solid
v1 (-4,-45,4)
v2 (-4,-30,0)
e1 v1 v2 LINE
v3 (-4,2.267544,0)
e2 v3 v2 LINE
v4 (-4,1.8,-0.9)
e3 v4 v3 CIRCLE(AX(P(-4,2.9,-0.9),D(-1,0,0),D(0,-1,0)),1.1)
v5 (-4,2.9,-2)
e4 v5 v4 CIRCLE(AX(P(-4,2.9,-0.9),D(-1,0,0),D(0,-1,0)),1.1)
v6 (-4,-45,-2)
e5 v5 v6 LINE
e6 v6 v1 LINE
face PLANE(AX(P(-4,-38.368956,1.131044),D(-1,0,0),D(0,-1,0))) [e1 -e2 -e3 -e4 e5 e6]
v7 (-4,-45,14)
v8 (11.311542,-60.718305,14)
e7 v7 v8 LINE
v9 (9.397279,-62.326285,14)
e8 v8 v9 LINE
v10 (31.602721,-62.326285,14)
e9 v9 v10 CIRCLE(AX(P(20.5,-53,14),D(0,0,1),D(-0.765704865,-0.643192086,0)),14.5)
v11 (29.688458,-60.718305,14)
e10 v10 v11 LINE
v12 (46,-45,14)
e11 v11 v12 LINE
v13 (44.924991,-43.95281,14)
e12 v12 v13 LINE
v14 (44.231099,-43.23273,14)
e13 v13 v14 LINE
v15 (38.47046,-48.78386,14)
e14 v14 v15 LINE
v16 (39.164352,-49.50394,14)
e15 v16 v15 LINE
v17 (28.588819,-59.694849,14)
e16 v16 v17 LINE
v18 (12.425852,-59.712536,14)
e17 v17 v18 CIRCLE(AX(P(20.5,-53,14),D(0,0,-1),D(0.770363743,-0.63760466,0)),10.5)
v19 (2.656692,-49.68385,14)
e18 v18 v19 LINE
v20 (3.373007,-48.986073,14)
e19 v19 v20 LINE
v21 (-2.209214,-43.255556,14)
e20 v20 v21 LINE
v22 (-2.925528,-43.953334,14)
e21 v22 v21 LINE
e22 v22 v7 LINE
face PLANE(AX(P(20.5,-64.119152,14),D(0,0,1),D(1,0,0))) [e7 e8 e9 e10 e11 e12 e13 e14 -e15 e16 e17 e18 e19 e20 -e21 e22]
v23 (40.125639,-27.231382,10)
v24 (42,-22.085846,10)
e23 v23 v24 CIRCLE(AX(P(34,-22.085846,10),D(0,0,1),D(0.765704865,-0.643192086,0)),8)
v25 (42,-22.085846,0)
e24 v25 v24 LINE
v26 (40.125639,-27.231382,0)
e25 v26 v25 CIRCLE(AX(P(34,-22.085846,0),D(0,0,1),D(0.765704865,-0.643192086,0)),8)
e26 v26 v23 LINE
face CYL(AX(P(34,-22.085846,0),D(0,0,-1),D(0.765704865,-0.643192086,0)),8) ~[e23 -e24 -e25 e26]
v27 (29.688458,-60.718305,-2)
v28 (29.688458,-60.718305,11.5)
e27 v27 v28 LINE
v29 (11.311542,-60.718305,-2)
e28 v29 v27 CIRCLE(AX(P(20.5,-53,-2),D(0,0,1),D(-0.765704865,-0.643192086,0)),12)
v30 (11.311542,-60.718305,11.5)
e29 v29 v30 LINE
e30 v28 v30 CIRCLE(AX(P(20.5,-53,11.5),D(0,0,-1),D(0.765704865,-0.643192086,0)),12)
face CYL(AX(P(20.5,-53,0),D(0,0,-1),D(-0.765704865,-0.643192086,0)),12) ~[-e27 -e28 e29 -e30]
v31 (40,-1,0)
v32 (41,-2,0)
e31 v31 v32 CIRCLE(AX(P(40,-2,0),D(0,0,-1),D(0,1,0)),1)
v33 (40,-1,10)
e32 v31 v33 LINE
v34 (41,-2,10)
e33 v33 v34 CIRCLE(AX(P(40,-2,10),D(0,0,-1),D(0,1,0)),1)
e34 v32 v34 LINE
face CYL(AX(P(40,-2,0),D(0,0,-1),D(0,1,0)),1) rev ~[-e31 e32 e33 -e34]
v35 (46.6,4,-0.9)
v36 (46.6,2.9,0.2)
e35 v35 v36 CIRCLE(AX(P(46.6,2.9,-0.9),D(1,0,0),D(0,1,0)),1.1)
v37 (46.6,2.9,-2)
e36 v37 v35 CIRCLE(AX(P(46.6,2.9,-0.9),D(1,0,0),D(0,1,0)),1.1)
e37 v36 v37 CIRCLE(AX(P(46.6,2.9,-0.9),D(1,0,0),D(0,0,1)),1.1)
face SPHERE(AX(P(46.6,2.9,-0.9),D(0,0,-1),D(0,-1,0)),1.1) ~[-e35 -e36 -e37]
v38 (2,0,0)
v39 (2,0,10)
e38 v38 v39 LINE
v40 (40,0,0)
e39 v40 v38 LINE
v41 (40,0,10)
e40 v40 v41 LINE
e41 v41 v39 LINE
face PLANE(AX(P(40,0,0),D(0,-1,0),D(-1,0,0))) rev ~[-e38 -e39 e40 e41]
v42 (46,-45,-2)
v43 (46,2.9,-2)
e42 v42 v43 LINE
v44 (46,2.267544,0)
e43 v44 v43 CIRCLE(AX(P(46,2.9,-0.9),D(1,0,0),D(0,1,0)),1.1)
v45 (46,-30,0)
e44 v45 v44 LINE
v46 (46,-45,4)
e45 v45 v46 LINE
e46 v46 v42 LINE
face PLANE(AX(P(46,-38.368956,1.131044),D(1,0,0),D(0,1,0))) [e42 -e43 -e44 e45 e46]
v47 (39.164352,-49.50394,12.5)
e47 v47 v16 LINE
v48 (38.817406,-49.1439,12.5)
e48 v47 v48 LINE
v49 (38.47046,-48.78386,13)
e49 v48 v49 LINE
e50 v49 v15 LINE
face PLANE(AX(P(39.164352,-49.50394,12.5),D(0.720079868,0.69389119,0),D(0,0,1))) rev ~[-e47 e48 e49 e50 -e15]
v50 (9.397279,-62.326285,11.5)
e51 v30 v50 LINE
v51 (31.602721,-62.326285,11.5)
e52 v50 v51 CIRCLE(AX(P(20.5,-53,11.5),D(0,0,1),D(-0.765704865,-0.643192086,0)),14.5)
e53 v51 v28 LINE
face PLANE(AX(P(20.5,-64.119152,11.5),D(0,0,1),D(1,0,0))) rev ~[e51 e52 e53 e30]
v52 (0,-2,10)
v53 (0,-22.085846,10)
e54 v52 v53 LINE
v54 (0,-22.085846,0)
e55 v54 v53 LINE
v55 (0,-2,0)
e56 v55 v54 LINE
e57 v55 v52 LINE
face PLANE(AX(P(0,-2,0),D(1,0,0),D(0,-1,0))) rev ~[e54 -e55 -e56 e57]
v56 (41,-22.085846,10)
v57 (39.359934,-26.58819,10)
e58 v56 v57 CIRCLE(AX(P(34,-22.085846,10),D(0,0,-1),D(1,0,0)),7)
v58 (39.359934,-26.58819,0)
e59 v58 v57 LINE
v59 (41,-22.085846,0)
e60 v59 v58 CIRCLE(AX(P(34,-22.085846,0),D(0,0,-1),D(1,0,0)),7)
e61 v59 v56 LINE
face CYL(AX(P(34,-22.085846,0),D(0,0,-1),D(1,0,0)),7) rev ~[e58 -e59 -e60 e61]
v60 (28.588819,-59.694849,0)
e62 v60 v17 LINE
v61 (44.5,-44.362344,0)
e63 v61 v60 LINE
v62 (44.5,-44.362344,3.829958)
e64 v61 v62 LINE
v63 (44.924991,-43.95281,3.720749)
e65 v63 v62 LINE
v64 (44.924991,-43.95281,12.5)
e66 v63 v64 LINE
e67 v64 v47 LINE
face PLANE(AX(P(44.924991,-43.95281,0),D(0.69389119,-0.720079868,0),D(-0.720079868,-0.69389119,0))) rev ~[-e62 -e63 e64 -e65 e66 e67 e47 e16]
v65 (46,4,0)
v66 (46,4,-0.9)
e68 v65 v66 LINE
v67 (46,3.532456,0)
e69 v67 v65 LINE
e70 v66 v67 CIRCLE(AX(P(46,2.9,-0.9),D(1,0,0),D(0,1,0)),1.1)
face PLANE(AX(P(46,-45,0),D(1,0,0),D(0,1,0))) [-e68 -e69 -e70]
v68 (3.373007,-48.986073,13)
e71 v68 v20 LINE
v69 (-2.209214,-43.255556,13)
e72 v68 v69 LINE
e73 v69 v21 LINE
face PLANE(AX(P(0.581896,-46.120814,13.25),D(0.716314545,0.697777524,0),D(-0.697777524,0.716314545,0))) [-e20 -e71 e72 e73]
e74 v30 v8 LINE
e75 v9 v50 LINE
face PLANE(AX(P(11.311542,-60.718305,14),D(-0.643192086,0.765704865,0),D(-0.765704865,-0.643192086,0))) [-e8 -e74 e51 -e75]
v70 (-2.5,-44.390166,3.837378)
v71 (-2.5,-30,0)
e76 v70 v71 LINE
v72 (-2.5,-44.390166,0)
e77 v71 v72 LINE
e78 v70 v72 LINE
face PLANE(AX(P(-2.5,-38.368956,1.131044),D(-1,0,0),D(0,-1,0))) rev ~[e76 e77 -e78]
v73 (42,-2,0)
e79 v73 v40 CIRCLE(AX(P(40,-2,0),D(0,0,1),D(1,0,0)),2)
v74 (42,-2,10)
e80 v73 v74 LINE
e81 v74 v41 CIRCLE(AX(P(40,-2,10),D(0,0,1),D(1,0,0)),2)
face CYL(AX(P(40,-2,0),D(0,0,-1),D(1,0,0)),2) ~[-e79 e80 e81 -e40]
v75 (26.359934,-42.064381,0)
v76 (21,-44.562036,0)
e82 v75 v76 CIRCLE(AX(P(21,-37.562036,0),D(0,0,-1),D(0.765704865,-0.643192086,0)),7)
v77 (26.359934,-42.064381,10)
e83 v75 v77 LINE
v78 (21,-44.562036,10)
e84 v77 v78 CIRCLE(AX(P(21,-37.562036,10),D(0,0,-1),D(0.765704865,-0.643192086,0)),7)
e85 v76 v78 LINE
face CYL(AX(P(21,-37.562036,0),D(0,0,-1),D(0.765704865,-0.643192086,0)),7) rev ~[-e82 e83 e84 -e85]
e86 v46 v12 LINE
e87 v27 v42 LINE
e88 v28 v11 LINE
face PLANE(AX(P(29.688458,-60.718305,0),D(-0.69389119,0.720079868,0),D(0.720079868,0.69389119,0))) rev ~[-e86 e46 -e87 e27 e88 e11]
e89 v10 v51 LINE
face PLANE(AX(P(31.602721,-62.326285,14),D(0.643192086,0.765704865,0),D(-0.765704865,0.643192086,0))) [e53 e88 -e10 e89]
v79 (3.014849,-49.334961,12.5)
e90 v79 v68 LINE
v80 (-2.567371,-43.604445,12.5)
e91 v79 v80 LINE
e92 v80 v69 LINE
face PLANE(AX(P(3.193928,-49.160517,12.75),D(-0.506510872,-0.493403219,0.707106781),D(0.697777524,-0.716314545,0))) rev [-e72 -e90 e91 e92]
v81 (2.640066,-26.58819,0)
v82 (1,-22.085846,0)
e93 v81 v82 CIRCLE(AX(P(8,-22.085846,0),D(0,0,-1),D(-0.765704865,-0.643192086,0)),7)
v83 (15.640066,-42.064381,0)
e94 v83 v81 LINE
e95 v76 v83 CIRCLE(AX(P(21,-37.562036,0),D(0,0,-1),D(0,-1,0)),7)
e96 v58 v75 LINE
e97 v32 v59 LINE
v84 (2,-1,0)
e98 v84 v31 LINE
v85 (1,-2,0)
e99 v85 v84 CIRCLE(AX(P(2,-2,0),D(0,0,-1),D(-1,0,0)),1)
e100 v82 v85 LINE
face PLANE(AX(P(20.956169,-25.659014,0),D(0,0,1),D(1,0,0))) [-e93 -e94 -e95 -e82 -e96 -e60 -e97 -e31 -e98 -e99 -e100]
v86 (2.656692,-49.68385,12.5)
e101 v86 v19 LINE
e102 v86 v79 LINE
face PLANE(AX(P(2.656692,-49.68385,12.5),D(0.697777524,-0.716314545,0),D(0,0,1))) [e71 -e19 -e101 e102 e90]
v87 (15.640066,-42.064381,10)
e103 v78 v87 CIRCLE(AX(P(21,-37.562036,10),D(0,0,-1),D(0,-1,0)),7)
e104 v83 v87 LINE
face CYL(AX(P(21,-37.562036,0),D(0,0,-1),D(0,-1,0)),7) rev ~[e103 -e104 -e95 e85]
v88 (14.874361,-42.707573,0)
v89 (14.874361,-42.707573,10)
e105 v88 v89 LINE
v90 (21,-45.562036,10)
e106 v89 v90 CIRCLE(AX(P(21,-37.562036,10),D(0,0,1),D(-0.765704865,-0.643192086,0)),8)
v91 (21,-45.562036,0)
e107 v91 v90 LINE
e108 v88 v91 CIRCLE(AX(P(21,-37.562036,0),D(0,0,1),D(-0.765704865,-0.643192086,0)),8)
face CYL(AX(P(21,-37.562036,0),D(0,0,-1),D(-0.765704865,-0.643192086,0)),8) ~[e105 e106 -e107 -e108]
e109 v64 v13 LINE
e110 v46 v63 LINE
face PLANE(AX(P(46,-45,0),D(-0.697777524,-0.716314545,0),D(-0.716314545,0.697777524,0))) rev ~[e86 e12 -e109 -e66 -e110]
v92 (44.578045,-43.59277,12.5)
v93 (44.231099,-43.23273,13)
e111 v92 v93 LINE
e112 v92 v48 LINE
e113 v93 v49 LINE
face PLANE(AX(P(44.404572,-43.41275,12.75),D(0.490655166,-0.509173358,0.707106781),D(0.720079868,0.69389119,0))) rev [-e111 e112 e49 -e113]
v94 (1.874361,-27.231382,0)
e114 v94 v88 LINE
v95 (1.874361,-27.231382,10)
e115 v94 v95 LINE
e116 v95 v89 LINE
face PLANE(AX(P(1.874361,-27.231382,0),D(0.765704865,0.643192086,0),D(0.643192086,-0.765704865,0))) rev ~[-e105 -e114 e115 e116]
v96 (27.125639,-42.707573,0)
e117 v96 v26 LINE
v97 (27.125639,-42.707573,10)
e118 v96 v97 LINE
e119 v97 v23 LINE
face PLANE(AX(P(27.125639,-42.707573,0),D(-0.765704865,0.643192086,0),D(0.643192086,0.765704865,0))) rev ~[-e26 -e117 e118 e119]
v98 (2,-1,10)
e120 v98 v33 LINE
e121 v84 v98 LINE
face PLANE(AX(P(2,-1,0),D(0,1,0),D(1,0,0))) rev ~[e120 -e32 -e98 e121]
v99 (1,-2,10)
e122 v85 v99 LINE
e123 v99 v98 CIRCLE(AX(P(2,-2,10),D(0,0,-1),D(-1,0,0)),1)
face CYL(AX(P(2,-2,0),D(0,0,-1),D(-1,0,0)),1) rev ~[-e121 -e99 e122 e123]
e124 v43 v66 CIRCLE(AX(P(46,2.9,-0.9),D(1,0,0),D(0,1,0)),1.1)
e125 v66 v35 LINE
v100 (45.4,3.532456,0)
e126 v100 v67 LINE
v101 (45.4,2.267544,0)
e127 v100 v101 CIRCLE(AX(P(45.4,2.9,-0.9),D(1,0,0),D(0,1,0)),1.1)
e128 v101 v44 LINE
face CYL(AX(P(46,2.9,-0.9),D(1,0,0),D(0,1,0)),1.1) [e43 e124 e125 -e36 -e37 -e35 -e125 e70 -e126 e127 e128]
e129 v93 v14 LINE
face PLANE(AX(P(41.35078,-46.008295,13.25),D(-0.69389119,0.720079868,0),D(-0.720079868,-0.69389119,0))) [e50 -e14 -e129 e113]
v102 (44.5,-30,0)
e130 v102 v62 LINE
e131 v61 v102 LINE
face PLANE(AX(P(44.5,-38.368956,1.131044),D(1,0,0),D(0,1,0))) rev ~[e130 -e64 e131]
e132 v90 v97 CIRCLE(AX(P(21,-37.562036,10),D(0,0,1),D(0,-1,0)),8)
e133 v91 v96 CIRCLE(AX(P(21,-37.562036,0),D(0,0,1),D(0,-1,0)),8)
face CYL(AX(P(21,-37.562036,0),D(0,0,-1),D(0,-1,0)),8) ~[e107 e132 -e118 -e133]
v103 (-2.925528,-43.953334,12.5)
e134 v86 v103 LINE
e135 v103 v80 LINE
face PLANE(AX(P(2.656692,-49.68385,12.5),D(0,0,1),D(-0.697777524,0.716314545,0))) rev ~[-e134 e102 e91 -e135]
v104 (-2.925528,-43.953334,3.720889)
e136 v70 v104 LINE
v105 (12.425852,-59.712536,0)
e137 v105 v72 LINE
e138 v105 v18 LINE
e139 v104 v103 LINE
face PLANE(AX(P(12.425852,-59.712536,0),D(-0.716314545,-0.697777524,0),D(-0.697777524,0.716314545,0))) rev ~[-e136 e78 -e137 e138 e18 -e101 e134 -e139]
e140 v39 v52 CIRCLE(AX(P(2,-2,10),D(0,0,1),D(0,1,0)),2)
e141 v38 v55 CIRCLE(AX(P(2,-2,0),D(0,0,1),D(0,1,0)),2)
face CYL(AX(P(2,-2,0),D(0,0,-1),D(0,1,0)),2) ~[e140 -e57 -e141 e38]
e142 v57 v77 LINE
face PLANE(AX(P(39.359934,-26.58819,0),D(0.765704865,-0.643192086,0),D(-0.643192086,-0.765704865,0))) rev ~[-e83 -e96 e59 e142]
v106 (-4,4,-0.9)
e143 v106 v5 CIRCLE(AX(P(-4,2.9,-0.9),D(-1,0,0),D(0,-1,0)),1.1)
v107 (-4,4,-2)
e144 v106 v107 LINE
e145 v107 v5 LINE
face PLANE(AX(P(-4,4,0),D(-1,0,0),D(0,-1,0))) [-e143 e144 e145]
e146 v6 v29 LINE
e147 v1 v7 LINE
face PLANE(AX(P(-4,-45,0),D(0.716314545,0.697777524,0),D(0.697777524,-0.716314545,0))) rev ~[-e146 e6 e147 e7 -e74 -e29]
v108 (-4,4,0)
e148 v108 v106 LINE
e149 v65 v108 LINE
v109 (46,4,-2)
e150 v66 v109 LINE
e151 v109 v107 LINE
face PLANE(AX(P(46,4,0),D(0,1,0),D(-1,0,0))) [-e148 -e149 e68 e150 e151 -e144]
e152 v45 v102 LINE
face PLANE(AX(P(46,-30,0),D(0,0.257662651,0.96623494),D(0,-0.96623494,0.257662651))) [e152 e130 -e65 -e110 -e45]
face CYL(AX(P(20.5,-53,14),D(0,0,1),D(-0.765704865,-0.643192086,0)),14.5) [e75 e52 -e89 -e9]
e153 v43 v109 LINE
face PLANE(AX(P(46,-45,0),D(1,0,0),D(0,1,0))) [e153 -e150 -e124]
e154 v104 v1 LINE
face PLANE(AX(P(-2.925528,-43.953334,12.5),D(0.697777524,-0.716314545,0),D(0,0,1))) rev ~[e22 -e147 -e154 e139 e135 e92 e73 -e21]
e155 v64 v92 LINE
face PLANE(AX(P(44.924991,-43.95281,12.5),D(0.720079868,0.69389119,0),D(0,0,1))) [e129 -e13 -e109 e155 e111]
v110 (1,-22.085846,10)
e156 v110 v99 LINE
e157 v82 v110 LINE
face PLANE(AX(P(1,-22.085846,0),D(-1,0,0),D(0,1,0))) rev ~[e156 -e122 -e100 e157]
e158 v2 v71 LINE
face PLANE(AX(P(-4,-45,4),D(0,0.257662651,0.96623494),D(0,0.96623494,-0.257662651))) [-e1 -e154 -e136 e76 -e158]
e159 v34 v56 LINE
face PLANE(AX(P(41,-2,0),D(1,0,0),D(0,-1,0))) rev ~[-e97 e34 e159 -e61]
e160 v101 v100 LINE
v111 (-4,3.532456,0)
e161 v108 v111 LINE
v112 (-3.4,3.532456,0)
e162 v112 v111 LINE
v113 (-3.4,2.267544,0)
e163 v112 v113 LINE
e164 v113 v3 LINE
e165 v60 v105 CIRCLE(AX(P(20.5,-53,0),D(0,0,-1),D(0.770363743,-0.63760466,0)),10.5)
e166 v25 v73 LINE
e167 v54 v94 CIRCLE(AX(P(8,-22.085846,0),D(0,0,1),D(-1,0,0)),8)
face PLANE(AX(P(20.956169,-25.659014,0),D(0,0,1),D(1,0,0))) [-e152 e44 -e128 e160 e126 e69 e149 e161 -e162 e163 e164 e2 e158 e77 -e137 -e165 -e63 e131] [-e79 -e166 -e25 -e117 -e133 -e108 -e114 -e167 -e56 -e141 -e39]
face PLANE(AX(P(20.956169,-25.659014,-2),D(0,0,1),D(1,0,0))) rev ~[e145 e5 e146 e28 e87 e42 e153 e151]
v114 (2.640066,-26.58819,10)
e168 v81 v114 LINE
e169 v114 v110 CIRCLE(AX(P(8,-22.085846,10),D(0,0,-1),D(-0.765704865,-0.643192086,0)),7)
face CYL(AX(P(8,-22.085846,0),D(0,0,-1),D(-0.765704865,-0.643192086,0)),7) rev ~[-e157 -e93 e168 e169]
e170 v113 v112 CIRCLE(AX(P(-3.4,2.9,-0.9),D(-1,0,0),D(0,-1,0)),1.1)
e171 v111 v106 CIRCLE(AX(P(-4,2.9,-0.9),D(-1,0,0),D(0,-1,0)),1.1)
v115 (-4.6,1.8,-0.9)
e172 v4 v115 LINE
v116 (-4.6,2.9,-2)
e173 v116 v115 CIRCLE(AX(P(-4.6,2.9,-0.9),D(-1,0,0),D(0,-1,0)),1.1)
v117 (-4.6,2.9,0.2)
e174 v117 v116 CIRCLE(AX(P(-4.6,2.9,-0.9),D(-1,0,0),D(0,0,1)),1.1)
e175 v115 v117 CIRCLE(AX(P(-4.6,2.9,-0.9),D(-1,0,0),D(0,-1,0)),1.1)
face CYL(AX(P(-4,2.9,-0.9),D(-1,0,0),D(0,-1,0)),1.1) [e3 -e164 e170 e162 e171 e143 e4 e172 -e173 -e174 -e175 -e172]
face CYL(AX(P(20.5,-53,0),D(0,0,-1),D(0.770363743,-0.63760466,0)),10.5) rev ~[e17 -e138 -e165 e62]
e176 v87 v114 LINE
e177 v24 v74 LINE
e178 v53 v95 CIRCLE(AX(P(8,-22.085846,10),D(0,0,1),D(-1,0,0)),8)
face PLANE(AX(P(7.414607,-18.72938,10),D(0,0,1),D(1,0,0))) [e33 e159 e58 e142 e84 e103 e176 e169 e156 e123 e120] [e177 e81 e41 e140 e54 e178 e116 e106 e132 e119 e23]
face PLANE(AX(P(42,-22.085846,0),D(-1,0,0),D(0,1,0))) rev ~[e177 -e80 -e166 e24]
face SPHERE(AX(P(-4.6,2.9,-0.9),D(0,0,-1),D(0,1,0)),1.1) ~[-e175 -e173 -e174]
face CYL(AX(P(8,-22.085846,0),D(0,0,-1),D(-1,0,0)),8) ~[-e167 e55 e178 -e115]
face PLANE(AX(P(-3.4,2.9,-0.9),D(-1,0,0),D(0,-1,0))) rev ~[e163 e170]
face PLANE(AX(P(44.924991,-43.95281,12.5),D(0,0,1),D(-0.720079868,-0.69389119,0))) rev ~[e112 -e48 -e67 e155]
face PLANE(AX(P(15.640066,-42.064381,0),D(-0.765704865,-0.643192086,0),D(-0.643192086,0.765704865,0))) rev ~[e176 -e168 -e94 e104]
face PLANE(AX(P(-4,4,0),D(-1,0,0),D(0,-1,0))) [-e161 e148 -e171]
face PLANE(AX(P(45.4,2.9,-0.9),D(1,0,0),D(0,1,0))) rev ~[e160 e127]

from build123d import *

# Parameters (mm, degrees)
F1_DEPTH  = 10
F3_DEPTH  = 2
F4_R      = 1.1
F5_DEPTH  = 0.6
F6_R      = 1.1
F7_DEPTH  = 0.6
F13_DEPTH = 14
F14_W     = 8
F14_H     = 1.5
F15_DEPTH = 1
F16_SIZE  = 0.5
F17_W     = 8
F17_H     = 1.5
F18_DEPTH = 1
F19_SIZE  = 0.5
F21_DEPTH = 2.5
F23_DEPTH = 1.5
F25_DEPTH = 1.5


with BuildPart() as f1:
    # F0 (on Top) → F1 (new body)
    with BuildSketch(Plane.XY):
        with BuildLine():
            Line((21, 0), (2, 0))
            ThreePointArc((2, 0), (0.5857864376, -0.5857864376), (0, -2))
            Line((0, -2), (0, -22.0858455487))
            ThreePointArc((0, -22.0858455487), (0.4831818119, -24.8239916965), (1.8743610817, -27.2313822401))
            Line((1.8743610817, -27.2313822401), (14.8743610817, -42.7075727163))
            ThreePointArc((14.8743610817, -42.7075727163), (17.6209685952, -44.8133908477), (21, -45.5620360249))
            Line((21, -45.5620360249), (21, -44.5620360249))
            ThreePointArc((21, -44.5620360249), (18.0433475208, -43.9069714948), (15.6400659465, -42.0643806299))
            Line((15.6400659465, -42.0643806299), (2.6400659465, -26.5881901537))
            ThreePointArc((2.6400659465, -26.5881901537), (1.4227840854, -24.481723428), (1, -22.0858455487))
            Line((1, -22.0858455487), (1, -2))
            ThreePointArc((1, -2), (1.2928932188, -1.2928932188), (2, -1))
            Line((2, -1), (21, -1))
            Line((21, -1), (21, 0))
        make_face()
        with BuildLine():
            Line((40, 0), (21, 0))
            Line((21, 0), (21, -1))
            Line((21, -1), (40, -1))
            ThreePointArc((40, -1), (40.7071067812, -1.2928932188), (41, -2))
            Line((41, -2), (41, -22.0858455487))
            ThreePointArc((41, -22.0858455487), (40.5772159146, -24.481723428), (39.3599340535, -26.5881901537))
            Line((39.3599340535, -26.5881901537), (26.3599340535, -42.0643806299))
            ThreePointArc((26.3599340535, -42.0643806299), (23.9566524792, -43.9069714948), (21, -44.5620360249))
            Line((21, -44.5620360249), (21, -45.5620360249))
            ThreePointArc((21, -45.5620360249), (24.3790314048, -44.8133908477), (27.1256389183, -42.7075727163))
            Line((27.1256389183, -42.7075727163), (40.1256389183, -27.2313822401))
            ThreePointArc((40.1256389183, -27.2313822401), (41.5168181881, -24.8239916965), (42, -22.0858455487))
            Line((42, -22.0858455487), (42, -2))
            ThreePointArc((42, -2), (41.4142135624, -0.5857864376), (40, 0))
        make_face()
    extrude(amount=F1_DEPTH)

    # F2 (on Top) → F3 (join)
    with BuildSketch(Plane.XY):
        with BuildLine():
            Line((46, -45), (46, 4))
            Line((46, 4), (-4, 4))
            Line((-4, 4), (-4, -45))
            Line((-4, -45), (11.3115416225, -60.7183050371))
            ThreePointArc((11.3115416225, -60.7183050371), (20.5, -65), (29.6884583775, -60.7183050371))
            Line((29.6884583775, -60.7183050371), (46, -45))
        make_face()
    extrude(amount=-F3_DEPTH)

    # F4 (on face) → F5 (join, symmetric)
    with BuildSketch(Plane.YZ.offset(46)):
        with Locations((2.9, -0.9)):
            Circle(F4_R)
    extrude(amount=F5_DEPTH, both=True)

    # F6 (on face) → F7 (join, symmetric)
    with BuildSketch(Plane(origin=(-4, 0, 0), x_dir=(0, -1, 0), z_dir=(-1, 0, 0))):
        with Locations((-2.9, -0.9)):
            Circle(F6_R)
    extrude(amount=F7_DEPTH, both=True)

    # F8 (on face) → F9 (revolve)
    with BuildSketch(Plane(origin=(-4.6, 0, 0), x_dir=(0, -1, 0), z_dir=(-1, 0, 0))):
        with BuildLine():
            Line((-2.9, -2), (-2.9, 0.2))
            ThreePointArc((-2.9, 0.2), (-4, -0.9), (-2.9, -2))
        make_face()
    revolve(axis=Axis((-4.6, 2.9, -0.9), (0, 0, 1)))

    # F10 (on face) → F11 (revolve)
    with BuildSketch(Plane.YZ.offset(46.6)):
        with BuildLine():
            Line((2.9, -2), (2.9, 0.2))
            ThreePointArc((2.9, 0.2), (1.8, -0.9), (2.9, -2))
        make_face()
    revolve(axis=Axis((46.6, 2.9, -0.9), (0, 0, 1)))

    # F12 (on face) → F13 (join)
    with BuildSketch(Plane.XY):
        with BuildLine():
            Line((-2.9255281827, -43.9533337142), (-4, -45))
            Line((-4, -45), (11.3115416225, -60.7183050371))
            ThreePointArc((11.3115416225, -60.7183050371), (20.5, -65), (29.6884583775, -60.7183050371))
            Line((29.6884583775, -60.7183050371), (46, -45))
            Line((46, -45), (44.9249905697, -43.9528100137))
            Line((44.9249905697, -43.9528100137), (28.5888193042, -59.6948489351))
            ThreePointArc((28.5888193042, -59.6948489351), (20.5114901112, -63.4999937132), (12.4258523564, -59.7125360207))
            Line((12.4258523564, -59.7125360207), (-2.9255281827, -43.9533337142))
        make_face()
    extrude(amount=F13_DEPTH)

    # F14 (on face) → F15 (join)
    with BuildSketch(Plane(origin=(43.5920408851, -45.2372814773, 0), x_dir=(-0.7200798684, -0.6938911897, 0), z_dir=(-0.6938911897, 0.7200798684, 0))):
        with Locations((2.1488863345, 13.25)):
            Rectangle(F14_W, F14_H)
    extrude(amount=F15_DEPTH)

    # F16
    f16_edges = [f1.edges().sort_by_distance(p)[0] for p in [
        (41.35078, -46.008295, 12.5),
    ]]
    chamfer(f16_edges, length=F16_SIZE)

    # F17 (on face) → F18 (join)
    with BuildSketch(Plane(origin=(-23.4702228156, -22.8628527493, 0), x_dir=(-0.6977775239, 0.7163145449, 0), z_dir=(0.7163145449, 0.6977775239, 0))):
        with Locations((-33.4430444229, 13.25)):
            Rectangle(F17_W, F17_H)
    extrude(amount=F18_DEPTH)

    # F19
    f19_edges = [f1.edges().sort_by_distance(p)[0] for p in [
        (0.581896, -46.120814, 12.5),
    ]]
    chamfer(f19_edges, length=F19_SIZE)

    # F20 (on face) → F21 (join)
    with BuildSketch(Plane.XY.offset(14)):
        with BuildLine():
            ThreePointArc((29.6884583775, -60.7183050371), (20.5, -65), (11.3115416225, -60.7183050371))
            Line((11.3115416225, -60.7183050371), (9.3972794606, -62.3262852531))
            ThreePointArc((9.3972794606, -62.3262852531), (20.5, -67.5), (31.6027205394, -62.3262852531))
            Line((31.6027205394, -62.3262852531), (29.6884583775, -60.7183050371))
        make_face()
    extrude(amount=-F21_DEPTH)

    # F22 (on face) → F23 (join)
    with BuildSketch(Plane.YZ.offset(46)):
        Polygon((-45, 4), (-45, 0), (-30, 0), align=None)
    extrude(amount=-F23_DEPTH)

    # F24 (on face) → F25 (join)
    with BuildSketch(Plane(origin=(-4, 0, 0), x_dir=(0, -1, 0), z_dir=(-1, 0, 0))):
        Polygon((30, 0), (45, 0), (45, 4), align=None)
    extrude(amount=-F25_DEPTH)


solid = f1.part
